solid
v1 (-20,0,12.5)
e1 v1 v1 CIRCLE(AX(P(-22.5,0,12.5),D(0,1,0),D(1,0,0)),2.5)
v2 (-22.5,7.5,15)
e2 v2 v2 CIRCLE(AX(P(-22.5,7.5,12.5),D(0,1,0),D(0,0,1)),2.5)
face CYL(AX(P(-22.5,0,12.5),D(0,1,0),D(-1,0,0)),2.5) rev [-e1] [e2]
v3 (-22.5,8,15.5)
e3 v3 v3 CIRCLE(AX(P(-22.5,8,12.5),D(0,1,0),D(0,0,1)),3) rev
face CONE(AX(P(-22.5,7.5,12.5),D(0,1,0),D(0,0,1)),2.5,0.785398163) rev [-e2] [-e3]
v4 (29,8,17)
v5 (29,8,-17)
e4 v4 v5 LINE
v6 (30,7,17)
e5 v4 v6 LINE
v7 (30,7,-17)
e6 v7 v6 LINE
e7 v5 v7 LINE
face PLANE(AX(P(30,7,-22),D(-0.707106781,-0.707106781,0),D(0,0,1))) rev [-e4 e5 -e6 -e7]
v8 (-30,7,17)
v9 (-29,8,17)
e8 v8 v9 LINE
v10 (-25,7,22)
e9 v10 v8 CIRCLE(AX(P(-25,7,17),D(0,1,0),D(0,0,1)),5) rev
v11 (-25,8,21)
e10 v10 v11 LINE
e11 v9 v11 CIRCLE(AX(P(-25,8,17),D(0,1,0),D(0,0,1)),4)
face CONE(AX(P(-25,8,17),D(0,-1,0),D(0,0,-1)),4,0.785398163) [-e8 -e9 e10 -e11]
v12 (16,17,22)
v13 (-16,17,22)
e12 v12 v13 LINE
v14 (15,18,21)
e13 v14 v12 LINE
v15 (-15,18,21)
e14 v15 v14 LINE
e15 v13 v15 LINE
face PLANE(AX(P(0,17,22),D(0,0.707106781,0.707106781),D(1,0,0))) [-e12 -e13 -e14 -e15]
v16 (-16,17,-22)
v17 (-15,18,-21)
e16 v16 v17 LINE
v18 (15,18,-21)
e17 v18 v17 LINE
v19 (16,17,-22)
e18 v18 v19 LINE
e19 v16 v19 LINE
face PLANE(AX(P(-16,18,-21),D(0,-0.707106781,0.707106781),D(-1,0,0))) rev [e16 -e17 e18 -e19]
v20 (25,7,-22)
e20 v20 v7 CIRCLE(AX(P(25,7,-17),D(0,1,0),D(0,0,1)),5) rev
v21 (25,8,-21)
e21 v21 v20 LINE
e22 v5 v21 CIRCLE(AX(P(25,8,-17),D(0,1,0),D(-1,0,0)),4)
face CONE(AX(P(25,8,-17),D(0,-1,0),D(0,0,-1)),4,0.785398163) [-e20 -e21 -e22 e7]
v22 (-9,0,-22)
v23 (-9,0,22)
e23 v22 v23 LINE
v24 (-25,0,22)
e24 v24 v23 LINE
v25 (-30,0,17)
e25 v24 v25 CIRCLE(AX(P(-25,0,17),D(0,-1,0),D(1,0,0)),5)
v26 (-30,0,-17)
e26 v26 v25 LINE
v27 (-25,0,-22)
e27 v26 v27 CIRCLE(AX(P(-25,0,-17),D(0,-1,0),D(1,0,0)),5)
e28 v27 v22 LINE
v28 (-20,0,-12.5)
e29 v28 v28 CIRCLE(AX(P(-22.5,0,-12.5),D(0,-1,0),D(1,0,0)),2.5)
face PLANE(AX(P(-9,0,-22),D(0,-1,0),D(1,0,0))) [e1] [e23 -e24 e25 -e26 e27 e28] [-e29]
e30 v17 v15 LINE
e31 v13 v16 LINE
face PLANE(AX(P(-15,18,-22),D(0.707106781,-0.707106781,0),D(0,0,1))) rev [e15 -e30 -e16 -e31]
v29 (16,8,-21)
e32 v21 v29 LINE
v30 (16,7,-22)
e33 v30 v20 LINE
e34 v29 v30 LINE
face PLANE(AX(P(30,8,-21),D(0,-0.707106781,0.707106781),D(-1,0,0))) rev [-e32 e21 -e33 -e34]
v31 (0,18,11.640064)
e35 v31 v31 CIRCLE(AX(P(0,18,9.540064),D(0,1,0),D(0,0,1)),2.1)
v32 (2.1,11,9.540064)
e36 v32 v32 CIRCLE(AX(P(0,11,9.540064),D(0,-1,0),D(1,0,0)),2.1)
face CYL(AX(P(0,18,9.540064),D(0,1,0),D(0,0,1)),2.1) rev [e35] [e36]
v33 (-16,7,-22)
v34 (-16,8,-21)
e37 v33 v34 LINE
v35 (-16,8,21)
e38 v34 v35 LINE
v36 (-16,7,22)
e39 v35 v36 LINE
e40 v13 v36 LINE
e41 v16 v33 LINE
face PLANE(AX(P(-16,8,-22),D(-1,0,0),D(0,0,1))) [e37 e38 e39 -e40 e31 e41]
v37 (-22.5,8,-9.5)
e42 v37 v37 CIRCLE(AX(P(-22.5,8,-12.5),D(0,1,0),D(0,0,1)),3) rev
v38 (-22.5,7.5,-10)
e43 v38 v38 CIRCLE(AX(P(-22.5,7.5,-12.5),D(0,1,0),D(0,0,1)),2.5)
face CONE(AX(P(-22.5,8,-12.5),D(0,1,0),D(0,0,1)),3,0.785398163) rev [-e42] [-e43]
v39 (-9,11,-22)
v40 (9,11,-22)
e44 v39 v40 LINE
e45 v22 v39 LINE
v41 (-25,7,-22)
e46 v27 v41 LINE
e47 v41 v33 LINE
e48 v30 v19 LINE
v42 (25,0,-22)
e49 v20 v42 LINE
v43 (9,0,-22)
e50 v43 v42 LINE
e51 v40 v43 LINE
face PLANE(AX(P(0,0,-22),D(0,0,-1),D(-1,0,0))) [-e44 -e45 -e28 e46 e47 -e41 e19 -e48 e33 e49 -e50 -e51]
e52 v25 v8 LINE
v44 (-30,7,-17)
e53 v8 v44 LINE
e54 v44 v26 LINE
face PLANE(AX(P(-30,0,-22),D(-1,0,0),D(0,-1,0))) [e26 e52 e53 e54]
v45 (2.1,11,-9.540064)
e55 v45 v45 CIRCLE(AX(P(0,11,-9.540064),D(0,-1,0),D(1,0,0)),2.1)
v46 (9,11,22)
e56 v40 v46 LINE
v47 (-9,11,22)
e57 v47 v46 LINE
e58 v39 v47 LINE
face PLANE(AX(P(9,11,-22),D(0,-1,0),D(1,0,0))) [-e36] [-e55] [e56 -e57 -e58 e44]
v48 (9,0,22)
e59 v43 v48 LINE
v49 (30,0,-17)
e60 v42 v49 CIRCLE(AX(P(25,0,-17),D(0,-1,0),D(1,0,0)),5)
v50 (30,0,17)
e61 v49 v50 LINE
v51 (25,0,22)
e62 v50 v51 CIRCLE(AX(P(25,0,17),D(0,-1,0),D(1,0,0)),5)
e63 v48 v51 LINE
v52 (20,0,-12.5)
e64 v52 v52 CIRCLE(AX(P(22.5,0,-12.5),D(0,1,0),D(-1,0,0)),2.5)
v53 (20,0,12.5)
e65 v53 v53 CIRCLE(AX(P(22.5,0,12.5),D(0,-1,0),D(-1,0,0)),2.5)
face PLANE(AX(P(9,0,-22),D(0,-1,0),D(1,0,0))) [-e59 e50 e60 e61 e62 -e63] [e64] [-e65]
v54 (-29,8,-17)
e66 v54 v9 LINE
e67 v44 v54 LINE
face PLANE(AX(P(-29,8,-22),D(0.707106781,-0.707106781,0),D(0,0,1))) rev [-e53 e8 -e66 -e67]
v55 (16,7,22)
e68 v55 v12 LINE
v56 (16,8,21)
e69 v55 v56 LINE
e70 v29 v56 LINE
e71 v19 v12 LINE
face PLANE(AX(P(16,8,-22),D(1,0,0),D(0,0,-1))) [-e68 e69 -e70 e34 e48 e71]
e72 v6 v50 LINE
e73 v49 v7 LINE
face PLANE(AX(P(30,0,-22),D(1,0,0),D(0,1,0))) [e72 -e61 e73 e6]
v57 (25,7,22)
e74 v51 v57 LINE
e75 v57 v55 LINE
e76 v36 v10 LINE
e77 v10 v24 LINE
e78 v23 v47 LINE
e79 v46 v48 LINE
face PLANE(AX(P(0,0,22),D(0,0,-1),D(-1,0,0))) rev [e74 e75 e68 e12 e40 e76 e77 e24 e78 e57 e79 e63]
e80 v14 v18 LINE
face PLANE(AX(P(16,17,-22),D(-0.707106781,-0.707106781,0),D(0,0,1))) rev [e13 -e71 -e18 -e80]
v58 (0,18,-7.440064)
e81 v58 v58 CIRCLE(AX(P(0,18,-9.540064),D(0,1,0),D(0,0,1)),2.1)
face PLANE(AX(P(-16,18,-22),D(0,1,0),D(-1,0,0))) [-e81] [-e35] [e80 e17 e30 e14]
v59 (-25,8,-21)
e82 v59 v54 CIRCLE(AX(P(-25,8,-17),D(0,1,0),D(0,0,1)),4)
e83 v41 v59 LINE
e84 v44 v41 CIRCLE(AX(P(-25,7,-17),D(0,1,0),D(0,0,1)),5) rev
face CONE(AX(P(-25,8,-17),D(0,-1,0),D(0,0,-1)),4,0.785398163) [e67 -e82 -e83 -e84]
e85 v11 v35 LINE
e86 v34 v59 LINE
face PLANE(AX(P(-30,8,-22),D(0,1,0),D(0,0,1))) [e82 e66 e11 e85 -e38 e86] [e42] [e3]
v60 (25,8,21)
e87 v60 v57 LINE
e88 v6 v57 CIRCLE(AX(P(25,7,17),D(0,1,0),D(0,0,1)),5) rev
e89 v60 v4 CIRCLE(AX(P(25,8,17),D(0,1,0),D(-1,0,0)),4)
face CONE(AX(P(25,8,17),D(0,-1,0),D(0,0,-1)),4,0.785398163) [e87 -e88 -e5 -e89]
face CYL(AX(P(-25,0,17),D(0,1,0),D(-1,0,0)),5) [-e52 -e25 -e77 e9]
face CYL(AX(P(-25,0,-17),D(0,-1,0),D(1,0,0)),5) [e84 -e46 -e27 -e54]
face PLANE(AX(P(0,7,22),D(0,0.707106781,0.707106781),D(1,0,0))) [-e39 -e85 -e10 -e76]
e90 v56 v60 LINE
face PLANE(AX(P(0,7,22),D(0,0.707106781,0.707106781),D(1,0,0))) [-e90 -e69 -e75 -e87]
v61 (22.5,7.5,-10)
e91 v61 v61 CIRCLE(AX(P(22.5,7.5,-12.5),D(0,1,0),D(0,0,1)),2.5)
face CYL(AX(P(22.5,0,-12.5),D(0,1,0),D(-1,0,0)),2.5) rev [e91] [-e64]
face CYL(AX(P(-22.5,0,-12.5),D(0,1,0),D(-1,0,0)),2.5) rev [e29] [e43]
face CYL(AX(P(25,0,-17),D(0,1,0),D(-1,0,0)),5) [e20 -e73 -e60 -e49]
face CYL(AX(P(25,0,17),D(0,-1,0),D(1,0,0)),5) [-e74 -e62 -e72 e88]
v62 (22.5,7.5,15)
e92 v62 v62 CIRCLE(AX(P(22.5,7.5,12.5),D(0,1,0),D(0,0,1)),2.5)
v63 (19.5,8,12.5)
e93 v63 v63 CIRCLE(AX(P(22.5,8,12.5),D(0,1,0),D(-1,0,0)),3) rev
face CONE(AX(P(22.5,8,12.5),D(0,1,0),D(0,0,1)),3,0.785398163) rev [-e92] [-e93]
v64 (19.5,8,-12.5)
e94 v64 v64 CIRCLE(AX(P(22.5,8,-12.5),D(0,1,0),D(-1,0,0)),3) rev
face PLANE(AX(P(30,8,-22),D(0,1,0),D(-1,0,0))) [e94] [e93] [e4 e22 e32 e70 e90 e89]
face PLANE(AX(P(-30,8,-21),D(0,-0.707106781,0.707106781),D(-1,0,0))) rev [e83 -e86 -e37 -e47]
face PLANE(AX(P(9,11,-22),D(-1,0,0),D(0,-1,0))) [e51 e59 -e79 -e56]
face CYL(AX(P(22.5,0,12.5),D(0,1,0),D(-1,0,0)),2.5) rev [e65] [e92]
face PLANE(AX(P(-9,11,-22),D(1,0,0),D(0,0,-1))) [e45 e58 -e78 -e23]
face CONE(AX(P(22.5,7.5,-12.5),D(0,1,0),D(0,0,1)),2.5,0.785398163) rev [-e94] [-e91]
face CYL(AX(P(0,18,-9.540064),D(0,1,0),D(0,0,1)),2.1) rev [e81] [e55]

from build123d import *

# Parameters (mm, degrees)
EXTRUDE_1_DEPTH          = 22
FILLET_1_R               = 5
CHAMFER_1_SIZE           = 1
SKETCH_4_R               = 2.5
CUT_EXTRUDE_1_DEPTH      = 39.522720569
MIRROR_4_COPY_1_SKETCH_R = 2.5
MIRROR_4_COPY_1_DEPTH    = 39.522720569
CHAMFER_2_SIZE           = 0.5
HOLE_WIZARD_M5_1_D       = 4.2


with BuildPart() as part:
    # 草图1 → 凸台-拉伸1 (new, symmetric)
    with BuildSketch(Plane.XY):
        Polygon((-9, 0), (-30, 0), (-30, 8), (-16, 8), (-16, 18), (16, 18), (16, 8), (30, 8), (30, 0), (9, 0), (9, 11), (-9, 11), align=None)
    extrude(amount=EXTRUDE_1_DEPTH, both=True)

    # 圆角1
    fillet_1_edges = [part.edges().sort_by_distance(p)[0] for p in [
        (-30, 4, 22),
        (30, 4, 22),
        (30, 4, -22),
        (-30, 4, -22),
    ]]
    fillet(fillet_1_edges, radius=FILLET_1_R)

    # 倒角1
    chamfer_1_edges = [part.edges().sort_by_distance(p)[0] for p in [
        (-20.5, 8, 22),
        (0, 18, 22),
        (-16, 18, 0),
        (16, 18, 0),
        (0, 18, -22),
        (-30, 8, 0),
        (20.5, 8, -22),
        (-28.535533906, 8, 20.535533906),
        (-20.5, 8, -22),
        (-28.535533906, 8, -20.535533906),
        (30, 8, 0),
        (20.5, 8, 22),
        (28.535533906, 8, 20.535533906),
        (28.535533906, 8, -20.535533906),
    ]]
    chamfer(chamfer_1_edges, length=CHAMFER_1_SIZE)

    # 草图4 → 切除-拉伸1 (cut, through all)
    with BuildSketch(Plane(origin=(0, 8, 0), x_dir=(1, 0, 0), z_dir=(0, 1, 0))):
        with Locations(Location((22.5, 12.5, 0), (0, 0, 180))):
            Circle(SKETCH_4_R)
    cut_extrude_1 = extrude(amount=-CUT_EXTRUDE_1_DEPTH, mode=Mode.SUBTRACT)

    # 镜向3: 切除-拉伸1 across plane
    add(cut_extrude_1.mirror(Plane(origin=(0, 0, 0), x_dir=(0, 0, 1), z_dir=(1, 0, 0))), mode=Mode.SUBTRACT)

    # 镜向4: 切除-拉伸1 across plane
    add(cut_extrude_1.mirror(Plane.XY), mode=Mode.SUBTRACT)

    # 镜向4 copy 1 sketch → 镜向4 copy 1 (cut, through all)
    with BuildSketch(Plane(origin=(0, 8, 0), x_dir=(-1, 0, 0), z_dir=(0, 1, 0))):
        with Locations(Location((22.5, 12.5, 0), (0, 0, 180))):
            Circle(MIRROR_4_COPY_1_SKETCH_R)
    extrude(amount=-MIRROR_4_COPY_1_DEPTH, mode=Mode.SUBTRACT)

    # 倒角2
    chamfer_2_edges = [part.edges().sort_by_distance(p)[0] for p in [
        (25, 8, -12.5),
        (-25, 8, -12.5),
        (25, 8, 12.5),
        (-25, 8, 12.5),
    ]]
    chamfer(chamfer_2_edges, length=CHAMFER_2_SIZE)

    # M5 螺纹孔1 (through all)
    with Locations(Plane(origin=(0, 18, -9.540064206), x_dir=(1, 0, 0), z_dir=(0, 1, 0))):
        with Locations((0, 0)):
            hole_wizard_m5_1 = Hole(HOLE_WIZARD_M5_1_D / 2)

    # 镜向5: M5 螺纹孔1 across plane
    add(hole_wizard_m5_1.mirror(Plane.XY), mode=Mode.SUBTRACT)


solid = part.part
